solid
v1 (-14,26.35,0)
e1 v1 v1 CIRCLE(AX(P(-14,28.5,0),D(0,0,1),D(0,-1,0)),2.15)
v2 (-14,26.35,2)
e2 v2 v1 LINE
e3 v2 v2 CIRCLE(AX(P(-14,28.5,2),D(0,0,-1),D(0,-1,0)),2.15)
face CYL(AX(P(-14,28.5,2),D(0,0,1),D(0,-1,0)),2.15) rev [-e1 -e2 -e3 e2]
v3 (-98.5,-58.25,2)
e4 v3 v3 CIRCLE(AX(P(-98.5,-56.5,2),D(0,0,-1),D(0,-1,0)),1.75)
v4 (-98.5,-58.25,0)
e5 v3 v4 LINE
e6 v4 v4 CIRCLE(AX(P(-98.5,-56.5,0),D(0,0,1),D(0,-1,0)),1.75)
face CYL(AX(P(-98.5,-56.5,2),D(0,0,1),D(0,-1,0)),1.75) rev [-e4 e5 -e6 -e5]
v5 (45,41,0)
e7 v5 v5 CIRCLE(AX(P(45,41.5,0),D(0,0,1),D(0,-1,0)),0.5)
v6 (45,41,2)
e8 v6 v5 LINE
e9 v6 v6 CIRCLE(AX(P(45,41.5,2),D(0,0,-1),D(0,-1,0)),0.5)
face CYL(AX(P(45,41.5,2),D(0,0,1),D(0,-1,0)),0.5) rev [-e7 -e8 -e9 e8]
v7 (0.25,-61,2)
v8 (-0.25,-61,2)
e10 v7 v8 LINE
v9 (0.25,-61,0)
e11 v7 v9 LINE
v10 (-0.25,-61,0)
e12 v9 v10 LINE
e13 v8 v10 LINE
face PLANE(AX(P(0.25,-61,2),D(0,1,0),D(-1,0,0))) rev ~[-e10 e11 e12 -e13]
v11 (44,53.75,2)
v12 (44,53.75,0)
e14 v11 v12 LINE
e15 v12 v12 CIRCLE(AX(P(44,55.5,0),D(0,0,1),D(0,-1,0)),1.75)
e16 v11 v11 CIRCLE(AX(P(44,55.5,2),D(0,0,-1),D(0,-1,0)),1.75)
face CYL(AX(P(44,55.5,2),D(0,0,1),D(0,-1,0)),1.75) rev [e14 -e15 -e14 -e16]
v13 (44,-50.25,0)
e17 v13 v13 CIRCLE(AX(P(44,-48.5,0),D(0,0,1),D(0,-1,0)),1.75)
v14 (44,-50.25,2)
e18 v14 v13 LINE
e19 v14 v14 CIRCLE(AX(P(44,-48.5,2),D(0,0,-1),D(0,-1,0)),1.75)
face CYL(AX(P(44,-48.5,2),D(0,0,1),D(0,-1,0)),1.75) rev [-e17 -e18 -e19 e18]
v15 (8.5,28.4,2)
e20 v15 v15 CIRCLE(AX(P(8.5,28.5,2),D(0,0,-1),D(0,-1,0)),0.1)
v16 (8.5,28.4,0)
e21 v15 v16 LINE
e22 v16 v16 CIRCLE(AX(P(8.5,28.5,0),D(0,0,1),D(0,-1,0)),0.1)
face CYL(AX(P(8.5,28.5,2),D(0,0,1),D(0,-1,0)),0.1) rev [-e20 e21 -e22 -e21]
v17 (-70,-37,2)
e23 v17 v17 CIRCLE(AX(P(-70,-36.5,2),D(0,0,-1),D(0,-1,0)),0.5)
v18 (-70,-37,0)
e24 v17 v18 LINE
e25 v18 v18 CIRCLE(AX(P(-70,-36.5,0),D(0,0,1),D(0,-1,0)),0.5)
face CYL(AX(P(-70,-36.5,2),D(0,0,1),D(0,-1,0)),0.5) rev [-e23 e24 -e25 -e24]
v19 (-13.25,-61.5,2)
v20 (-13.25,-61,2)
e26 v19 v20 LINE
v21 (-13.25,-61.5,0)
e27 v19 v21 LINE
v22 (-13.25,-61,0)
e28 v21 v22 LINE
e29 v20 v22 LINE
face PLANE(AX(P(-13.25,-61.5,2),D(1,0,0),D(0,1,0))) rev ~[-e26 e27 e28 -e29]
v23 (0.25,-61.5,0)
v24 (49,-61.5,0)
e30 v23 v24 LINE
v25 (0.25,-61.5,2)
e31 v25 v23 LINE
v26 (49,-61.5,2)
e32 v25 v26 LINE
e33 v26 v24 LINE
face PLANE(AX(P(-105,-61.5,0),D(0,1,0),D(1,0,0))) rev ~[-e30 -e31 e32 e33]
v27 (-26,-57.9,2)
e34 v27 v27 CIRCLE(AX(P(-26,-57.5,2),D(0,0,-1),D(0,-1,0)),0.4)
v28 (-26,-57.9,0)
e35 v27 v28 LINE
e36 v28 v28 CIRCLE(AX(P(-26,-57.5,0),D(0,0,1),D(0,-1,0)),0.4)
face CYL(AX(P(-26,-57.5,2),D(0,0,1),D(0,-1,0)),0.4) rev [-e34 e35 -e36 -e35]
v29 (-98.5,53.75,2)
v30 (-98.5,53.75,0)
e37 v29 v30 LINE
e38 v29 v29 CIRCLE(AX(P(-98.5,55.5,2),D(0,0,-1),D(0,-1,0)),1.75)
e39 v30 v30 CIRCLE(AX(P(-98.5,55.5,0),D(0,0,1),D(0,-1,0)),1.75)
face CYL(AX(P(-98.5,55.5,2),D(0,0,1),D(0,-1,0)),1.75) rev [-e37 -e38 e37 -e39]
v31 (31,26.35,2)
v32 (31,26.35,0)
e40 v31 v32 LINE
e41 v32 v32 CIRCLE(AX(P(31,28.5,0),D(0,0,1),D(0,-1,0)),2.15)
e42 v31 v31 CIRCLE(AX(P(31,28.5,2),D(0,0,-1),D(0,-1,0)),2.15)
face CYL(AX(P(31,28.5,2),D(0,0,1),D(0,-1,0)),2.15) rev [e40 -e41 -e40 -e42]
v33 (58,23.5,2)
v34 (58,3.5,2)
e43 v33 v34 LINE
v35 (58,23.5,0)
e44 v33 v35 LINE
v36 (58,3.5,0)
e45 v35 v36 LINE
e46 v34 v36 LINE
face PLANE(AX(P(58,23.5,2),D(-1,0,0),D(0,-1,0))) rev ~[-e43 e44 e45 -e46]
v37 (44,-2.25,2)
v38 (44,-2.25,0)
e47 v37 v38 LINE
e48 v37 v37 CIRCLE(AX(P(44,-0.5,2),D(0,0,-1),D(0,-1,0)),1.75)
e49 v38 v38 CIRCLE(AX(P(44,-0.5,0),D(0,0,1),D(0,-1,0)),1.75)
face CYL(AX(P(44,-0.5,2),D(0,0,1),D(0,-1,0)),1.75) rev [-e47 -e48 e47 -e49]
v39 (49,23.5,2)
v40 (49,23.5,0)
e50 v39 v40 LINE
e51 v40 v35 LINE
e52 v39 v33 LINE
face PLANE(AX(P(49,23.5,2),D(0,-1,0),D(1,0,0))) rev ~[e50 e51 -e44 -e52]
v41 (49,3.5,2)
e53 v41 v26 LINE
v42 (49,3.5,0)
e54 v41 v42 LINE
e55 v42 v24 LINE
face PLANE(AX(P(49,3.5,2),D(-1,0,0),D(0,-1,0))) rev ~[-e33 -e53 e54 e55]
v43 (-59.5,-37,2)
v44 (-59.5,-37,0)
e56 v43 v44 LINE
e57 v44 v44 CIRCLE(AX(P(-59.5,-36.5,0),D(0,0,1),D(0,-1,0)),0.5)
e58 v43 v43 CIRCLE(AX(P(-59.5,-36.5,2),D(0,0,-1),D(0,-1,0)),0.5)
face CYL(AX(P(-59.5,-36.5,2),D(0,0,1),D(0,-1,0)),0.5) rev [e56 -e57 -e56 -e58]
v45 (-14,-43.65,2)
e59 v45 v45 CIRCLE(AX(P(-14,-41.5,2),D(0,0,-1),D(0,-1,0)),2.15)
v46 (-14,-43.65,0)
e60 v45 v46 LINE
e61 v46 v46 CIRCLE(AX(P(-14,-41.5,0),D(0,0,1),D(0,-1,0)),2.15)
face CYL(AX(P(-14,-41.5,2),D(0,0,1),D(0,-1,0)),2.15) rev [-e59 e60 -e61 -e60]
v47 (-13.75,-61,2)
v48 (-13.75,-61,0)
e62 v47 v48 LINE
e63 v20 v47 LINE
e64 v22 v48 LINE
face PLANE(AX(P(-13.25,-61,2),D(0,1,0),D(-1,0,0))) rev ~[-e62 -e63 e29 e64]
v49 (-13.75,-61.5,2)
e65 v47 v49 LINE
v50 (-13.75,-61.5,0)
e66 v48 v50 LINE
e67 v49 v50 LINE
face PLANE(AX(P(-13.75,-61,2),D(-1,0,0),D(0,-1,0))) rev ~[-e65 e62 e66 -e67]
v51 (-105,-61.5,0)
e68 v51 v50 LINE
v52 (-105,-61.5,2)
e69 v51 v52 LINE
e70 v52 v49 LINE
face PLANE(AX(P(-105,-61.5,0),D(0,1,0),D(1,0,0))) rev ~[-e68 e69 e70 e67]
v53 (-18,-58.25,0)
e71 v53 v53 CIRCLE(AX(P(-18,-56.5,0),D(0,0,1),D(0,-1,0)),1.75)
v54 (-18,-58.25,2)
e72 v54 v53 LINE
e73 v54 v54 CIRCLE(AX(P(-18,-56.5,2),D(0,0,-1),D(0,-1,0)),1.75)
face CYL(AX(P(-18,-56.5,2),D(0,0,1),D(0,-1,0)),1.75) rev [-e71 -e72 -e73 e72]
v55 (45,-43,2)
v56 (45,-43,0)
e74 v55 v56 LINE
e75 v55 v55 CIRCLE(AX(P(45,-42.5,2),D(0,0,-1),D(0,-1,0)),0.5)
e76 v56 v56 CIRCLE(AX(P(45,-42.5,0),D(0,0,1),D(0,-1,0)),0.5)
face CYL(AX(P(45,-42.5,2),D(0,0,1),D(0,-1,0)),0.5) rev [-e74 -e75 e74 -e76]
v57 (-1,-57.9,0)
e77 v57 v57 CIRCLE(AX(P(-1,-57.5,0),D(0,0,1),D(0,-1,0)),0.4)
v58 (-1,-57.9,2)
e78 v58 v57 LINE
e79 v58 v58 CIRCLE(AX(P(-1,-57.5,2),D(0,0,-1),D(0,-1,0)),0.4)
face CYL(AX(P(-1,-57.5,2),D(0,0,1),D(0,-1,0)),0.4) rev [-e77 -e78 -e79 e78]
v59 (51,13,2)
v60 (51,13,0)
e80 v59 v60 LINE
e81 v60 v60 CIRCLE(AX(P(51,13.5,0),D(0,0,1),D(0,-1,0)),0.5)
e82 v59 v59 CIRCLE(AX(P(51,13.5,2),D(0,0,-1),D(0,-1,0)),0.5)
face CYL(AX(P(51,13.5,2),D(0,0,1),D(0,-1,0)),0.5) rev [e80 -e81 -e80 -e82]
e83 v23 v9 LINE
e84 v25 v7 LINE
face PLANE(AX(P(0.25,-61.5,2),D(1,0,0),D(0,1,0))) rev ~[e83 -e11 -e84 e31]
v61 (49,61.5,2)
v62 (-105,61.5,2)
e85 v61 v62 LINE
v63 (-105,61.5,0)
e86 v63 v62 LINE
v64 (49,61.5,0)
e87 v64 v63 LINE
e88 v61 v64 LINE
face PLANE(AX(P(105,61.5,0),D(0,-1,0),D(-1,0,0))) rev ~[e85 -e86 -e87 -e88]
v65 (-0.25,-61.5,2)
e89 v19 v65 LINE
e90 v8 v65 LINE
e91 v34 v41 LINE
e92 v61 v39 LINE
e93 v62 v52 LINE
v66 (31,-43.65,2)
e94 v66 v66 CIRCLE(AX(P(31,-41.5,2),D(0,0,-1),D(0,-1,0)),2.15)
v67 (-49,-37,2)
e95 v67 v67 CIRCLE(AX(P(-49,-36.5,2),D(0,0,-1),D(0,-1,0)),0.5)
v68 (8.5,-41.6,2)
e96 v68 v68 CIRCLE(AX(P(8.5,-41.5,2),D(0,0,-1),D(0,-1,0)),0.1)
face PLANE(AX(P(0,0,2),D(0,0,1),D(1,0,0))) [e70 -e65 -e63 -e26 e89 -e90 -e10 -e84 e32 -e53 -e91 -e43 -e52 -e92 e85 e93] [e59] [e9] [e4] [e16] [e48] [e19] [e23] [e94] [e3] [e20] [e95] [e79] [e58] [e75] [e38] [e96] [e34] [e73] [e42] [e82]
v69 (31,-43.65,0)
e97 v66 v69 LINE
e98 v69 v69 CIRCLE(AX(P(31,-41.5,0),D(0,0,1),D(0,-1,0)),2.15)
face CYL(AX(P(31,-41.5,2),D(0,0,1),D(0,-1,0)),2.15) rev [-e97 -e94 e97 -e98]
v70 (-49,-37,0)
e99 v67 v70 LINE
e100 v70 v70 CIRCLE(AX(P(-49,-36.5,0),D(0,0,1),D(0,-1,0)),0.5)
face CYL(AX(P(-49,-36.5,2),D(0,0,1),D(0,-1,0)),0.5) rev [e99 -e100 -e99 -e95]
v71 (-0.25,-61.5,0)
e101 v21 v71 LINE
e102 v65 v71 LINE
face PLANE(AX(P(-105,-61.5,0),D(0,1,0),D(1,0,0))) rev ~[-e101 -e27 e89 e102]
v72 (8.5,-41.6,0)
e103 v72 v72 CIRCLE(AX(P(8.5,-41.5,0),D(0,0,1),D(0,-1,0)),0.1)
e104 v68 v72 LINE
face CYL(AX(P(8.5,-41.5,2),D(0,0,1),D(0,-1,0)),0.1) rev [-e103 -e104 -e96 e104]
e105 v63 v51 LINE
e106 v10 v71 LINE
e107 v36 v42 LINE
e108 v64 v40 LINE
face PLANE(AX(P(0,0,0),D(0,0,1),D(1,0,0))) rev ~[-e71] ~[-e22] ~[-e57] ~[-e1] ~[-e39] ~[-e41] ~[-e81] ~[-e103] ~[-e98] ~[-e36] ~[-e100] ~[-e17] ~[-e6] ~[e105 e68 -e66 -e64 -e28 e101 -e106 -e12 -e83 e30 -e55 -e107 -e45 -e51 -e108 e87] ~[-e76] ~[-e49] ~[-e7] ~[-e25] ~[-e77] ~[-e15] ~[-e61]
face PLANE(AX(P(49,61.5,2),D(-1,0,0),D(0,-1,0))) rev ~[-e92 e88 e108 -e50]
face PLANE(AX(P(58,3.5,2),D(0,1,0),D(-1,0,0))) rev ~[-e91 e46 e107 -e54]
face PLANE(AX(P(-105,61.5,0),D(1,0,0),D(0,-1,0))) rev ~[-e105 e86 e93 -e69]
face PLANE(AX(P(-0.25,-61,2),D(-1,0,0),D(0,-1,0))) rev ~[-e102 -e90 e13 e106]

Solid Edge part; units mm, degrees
sketch "Sketch1" plane through (0, 0, 0) normal (0, 0, 1) x (1, 0, 0)
  line L0 (-105, -61.5) -> (105, -61.5)
  line L1 (105, -61.5) -> (105, 61.5)
  line L2 (105, 61.5) -> (-105, 61.5)
  line L3 (-105, 61.5) -> (-105, -61.5)
  dimension "D1" = 123
  dimension "D2" = 210
extrude "Protrusion1" add sketch "Sketch1" along normal blind 2
hole "Hole1" at (-1, -57.5, 2) direction (0, 0, -1) diameter 0.8 end through all
hole "Hole2" at (-26, -57.5, 2) direction (0, 0, -1) diameter 0.8 end through all
sketch "Sketch2" plane through (0, 0, 2) normal (0, 0, 1) x (-1, 0, 0)
  line L0 (-0.25, 61) -> (0.25, 61)
  line L1 (0.25, 61) -> (0.25, 61.5)
  line L2 (0.25, 61.5) -> (-0.25, 61.5)
  line L3 (-0.25, 61.5) -> (-0.25, 61)
  dimension "D1" = 0.5
extrude "Cutout1" cut sketch "Sketch2" against normal through all
sketch "Sketch3" plane through (0, 0, 2) normal (0, 0, 1) x (1, 0, 0)
  line L0 (105, -61.5) -> (105, 61.5)
  line L1 (49, -61.5) -> (105, -61.5)
  line L2 (49, 3.5) -> (49, -61.5)
  line L3 (58, 3.5) -> (49, 3.5)
  line L4 (58, 23.5) -> (58, 3.5)
  line L5 (49, 23.5) -> (58, 23.5)
  line L6 (49, 61.5) -> (49, 23.5)
  line L7 (105, 61.5) -> (49, 61.5)
  dimension "D1" = 154
  dimension "D2" = 20
  dimension "D3" = 38
  dimension "D4" = 9
extrude "Ausschnitt_3" cut sketch "Sketch3" against normal blind 2
hole "Hole3" at (-98.5, 55.5, 2) direction (0, 0, -1) diameter 3.5 end through all
hole "Hole4" at (44, 55.5, 2) direction (0, 0, -1) diameter 3.5 end through all
hole "Hole5" at (44, -48.5, 2) direction (0, 0, -1) diameter 3.5 end through all
hole "Hole6" at (-18, -56.5, 2) direction (0, 0, -1) diameter 3.5 end through all
hole "Hole7" at (-98.5, -56.5, 2) direction (0, 0, -1) diameter 3.5 end through all
hole "Hole8" at (44, -0.5, 2) direction (0, 0, -1) diameter 3.5 end through all
hole "Hole9" at (45, -42.5, 2) direction (0, 0, -1) diameter 1 end through all
hole "Hole10" at (45, 41.5, 2) direction (0, 0, -1) diameter 1 end through all
hole "Hole11" at (51, 13.5, 2) direction (0, 0, -1) diameter 1 end through all
hole "Hole12" at (-59.5, -36.5, 2) direction (0, 0, -1) diameter 1 end through all
hole "Hole13" at (-49, -36.5, 2) direction (0, 0, -1) diameter 1 end through all
hole "Hole14" at (-70, -36.5, 2) direction (0, 0, -1) diameter 1 end through all
hole "Hole15" at (31, 28.5, 2) direction (0, 0, -1) diameter 4.3 end up to next
hole "Hole16" at (31, -41.5, 2) direction (0, 0, -1) diameter 4.3 end up to next
hole "Hole17" at (-14, -41.5, 2) direction (0, 0, -1) diameter 4.3 end up to next
hole "Hole18" at (-14, 28.5, 2) direction (0, 0, -1) diameter 4.3 end up to next
hole "Hole19" at (8.5, -41.5, 2) direction (0, 0, -1) diameter 0.2 end through all
hole "Hole20" at (8.5, 28.5, 2) direction (0, 0, -1) diameter 0.2 end through all
sketch "Sketch4" plane through (-23.4888, 0, 2) normal (0, 0, 1) x (1, 0, 0)
  line L0 (9.7388, -61.5) -> (10.2388, -61.5)
  line L1 (10.2388, -61.5) -> (10.2388, -61)
  line L2 (10.2388, -61) -> (9.7388, -61)
  line L3 (9.7388, -61) -> (9.7388, -61.5)
  dimension "D1" = 0.5
extrude "Cutout2" cut sketch "Sketch4" against normal through all
